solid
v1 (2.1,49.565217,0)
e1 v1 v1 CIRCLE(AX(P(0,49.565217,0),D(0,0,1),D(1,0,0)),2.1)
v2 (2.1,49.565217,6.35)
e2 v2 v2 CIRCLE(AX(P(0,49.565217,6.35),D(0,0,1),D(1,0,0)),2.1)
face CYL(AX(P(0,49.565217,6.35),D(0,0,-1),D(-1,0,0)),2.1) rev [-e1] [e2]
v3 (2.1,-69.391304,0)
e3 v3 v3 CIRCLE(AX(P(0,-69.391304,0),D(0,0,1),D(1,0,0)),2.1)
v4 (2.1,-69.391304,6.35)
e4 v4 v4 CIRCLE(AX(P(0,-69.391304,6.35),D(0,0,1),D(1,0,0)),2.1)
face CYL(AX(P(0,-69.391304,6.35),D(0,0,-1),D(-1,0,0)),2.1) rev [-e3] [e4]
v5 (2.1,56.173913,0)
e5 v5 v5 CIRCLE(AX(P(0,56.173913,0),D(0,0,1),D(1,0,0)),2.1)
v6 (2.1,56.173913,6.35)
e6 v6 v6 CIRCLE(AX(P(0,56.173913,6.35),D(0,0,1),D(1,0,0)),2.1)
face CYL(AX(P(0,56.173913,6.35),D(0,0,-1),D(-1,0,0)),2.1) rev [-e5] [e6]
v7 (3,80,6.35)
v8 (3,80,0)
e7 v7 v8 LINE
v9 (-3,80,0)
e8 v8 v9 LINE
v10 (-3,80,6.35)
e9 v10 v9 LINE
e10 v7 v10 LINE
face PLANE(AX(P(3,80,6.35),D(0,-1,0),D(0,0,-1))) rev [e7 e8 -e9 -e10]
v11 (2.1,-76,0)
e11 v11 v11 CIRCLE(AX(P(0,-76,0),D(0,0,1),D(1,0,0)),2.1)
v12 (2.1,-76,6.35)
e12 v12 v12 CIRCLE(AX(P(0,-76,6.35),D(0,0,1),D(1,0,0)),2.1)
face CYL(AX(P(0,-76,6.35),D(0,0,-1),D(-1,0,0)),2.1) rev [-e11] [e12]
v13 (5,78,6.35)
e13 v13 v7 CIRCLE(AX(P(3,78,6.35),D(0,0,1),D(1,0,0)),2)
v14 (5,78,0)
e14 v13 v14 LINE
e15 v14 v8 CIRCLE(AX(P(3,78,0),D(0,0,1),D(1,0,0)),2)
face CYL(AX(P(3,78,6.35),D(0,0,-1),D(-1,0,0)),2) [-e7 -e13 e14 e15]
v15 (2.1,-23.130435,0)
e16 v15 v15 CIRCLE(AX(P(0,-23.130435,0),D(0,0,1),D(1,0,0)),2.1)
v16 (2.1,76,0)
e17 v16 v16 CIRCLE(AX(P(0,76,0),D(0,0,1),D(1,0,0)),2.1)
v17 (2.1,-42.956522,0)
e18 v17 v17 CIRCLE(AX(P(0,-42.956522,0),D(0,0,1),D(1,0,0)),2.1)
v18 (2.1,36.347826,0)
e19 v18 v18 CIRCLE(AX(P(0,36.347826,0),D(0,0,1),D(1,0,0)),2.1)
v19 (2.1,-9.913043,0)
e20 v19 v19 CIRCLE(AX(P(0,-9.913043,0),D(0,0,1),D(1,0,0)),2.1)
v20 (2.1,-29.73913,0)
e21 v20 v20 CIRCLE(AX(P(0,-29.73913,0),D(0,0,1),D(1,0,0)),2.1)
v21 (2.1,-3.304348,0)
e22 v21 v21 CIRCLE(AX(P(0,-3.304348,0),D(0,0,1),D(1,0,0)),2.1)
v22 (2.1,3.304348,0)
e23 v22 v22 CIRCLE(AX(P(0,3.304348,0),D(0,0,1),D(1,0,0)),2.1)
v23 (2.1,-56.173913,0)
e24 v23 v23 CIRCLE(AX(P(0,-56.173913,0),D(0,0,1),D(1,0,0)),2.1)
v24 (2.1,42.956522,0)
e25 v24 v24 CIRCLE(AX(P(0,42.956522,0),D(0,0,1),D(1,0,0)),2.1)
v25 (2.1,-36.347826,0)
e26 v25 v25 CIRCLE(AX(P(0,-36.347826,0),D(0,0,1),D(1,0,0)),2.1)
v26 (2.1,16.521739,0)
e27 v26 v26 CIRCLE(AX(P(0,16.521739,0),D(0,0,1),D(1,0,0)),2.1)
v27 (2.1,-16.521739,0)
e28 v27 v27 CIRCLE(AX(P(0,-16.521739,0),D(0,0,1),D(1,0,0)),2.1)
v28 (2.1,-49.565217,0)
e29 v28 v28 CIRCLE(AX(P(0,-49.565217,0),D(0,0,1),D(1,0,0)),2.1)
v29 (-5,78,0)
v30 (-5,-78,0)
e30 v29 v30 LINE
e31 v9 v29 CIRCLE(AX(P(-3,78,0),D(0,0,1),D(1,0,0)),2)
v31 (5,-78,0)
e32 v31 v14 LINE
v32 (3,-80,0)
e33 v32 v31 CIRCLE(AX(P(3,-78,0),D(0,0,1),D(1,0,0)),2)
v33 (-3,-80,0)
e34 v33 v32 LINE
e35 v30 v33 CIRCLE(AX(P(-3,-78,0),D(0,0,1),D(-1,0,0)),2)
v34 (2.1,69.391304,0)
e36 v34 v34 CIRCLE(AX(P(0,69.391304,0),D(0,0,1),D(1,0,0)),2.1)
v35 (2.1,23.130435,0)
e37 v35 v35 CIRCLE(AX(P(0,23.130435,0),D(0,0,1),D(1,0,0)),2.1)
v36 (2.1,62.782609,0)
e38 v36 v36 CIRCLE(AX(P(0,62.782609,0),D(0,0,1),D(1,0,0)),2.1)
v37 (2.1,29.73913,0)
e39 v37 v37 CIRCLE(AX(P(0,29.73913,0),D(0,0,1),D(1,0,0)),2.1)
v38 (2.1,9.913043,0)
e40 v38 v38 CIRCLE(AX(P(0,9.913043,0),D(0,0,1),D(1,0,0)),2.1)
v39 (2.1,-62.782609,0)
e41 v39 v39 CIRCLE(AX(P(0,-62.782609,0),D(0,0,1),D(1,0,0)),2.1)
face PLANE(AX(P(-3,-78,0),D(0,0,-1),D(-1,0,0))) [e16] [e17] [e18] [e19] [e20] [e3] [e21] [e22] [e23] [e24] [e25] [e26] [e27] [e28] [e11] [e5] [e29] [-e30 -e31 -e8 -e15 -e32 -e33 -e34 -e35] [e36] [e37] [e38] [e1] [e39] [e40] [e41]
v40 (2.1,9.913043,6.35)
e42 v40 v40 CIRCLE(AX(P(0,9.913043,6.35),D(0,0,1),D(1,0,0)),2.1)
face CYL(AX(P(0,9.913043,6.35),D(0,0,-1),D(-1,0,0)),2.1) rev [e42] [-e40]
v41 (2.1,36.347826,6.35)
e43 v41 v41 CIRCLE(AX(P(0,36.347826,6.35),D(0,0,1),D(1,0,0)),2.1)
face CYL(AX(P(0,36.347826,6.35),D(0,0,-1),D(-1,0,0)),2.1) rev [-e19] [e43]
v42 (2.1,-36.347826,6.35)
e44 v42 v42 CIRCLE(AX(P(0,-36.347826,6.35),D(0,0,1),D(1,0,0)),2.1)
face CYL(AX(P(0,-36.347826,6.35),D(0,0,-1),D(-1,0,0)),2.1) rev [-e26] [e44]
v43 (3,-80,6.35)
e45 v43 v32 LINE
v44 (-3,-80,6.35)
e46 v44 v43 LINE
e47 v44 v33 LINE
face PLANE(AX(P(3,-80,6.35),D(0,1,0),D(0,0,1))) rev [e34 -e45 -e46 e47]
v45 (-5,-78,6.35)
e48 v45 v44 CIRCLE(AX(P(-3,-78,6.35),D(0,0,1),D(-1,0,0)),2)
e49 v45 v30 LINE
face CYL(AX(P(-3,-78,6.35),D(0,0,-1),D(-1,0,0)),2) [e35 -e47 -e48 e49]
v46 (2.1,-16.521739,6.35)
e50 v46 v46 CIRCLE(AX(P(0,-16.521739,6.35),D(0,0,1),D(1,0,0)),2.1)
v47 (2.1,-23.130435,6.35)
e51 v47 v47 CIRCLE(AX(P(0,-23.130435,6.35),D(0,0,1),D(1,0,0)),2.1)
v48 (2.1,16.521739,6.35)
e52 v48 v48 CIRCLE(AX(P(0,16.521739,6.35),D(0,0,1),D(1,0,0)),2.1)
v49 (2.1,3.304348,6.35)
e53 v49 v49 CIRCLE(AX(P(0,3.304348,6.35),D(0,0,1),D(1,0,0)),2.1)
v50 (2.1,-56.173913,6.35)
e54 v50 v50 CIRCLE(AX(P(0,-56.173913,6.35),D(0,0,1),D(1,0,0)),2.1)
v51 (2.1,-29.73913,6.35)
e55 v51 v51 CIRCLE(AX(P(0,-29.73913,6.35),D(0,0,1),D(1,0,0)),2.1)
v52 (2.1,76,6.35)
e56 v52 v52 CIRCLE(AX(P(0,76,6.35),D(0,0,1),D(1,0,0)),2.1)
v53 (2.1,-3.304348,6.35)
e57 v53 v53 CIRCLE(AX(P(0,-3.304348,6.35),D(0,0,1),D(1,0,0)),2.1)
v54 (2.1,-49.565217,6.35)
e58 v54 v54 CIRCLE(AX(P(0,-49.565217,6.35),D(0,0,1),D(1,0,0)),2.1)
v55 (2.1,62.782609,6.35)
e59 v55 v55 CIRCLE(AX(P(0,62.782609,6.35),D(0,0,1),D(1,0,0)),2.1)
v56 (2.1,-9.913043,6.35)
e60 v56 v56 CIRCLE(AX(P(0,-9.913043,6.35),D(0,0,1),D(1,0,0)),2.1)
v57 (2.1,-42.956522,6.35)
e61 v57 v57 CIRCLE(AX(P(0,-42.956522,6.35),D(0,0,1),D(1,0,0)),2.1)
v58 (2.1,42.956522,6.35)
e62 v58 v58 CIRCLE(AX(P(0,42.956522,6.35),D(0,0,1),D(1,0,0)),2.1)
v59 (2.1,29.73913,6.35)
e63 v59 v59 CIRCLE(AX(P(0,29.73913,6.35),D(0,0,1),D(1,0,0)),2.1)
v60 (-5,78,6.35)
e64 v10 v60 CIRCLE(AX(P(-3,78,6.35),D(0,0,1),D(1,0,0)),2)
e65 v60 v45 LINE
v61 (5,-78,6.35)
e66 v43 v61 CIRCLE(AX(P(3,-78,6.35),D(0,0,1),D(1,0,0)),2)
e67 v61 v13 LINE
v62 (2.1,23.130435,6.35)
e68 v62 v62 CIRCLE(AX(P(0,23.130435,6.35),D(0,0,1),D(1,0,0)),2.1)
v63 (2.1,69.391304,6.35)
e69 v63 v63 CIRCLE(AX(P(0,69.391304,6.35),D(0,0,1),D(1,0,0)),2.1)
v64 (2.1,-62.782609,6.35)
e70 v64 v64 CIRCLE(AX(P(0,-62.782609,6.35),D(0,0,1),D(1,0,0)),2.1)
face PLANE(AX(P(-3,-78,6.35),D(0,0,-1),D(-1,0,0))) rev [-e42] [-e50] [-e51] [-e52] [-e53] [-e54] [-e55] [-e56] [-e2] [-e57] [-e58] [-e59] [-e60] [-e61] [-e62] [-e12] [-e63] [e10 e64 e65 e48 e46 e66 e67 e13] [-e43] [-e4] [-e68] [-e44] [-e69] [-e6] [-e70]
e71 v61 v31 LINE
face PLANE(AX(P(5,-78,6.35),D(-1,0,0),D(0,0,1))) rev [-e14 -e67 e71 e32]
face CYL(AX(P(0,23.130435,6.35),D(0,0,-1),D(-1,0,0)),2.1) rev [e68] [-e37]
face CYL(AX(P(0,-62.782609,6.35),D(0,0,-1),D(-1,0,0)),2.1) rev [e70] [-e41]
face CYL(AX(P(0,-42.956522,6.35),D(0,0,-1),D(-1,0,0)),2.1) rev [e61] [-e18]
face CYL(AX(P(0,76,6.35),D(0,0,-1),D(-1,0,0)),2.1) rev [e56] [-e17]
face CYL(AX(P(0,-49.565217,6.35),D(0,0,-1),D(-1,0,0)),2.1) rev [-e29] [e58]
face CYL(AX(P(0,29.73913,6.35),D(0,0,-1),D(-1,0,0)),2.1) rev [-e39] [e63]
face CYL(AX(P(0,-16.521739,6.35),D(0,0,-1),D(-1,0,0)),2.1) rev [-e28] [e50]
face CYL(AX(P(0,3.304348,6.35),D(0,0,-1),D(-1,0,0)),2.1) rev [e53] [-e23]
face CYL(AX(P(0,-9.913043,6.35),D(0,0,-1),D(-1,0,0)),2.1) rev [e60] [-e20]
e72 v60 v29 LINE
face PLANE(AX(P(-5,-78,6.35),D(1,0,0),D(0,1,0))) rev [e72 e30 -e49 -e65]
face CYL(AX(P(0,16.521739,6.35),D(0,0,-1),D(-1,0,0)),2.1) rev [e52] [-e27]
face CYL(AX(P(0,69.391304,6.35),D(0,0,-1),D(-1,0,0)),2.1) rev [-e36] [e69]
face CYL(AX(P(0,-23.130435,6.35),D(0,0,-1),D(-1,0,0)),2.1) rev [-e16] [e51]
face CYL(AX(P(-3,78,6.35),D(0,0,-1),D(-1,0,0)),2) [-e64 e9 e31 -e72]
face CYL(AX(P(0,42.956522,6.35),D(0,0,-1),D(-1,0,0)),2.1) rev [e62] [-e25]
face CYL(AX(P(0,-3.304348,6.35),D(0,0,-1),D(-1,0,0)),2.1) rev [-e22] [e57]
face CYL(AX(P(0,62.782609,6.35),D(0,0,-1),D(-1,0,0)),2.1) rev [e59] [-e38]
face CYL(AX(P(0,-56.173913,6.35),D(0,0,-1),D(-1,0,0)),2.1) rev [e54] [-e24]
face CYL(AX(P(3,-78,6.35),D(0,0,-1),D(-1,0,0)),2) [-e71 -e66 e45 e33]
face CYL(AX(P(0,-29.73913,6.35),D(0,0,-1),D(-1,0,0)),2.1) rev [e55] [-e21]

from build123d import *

# Parameters (mm, degrees)
SKETCH1_R           = 2.1
BOSS_EXTRUDE1_DEPTH = 6.35


with BuildPart() as part:
    # Sketch1 → Boss-Extrude1 (new body)
    with BuildSketch(Plane.XY):
        with BuildLine():
            Line((3, -80), (-3, -80))
            ThreePointArc((-3, -80), (-4.414213562, -79.414213562), (-5, -78))
            Line((-5, -78), (-5, 78))
            ThreePointArc((-5, 78), (-4.414213562, 79.414213562), (-3, 80))
            Line((-3, 80), (3, 80))
            ThreePointArc((3, 80), (4.414213562, 79.414213562), (5, 78))
            Line((5, 78), (5, -78))
            ThreePointArc((5, -78), (4.414213562, -79.414213562), (3, -80))
        make_face()
        with Locations((0, 76)):
            Circle(SKETCH1_R, mode=Mode.SUBTRACT)
        with Locations((0, 69.391304348)):
            Circle(SKETCH1_R, mode=Mode.SUBTRACT)
        with Locations((0, 62.782608696)):
            Circle(SKETCH1_R, mode=Mode.SUBTRACT)
        with Locations((0, 56.173913043)):
            Circle(SKETCH1_R, mode=Mode.SUBTRACT)
        with Locations((0, 49.565217391)):
            Circle(SKETCH1_R, mode=Mode.SUBTRACT)
        with Locations((0, 42.956521739)):
            Circle(SKETCH1_R, mode=Mode.SUBTRACT)
        with Locations((0, 36.347826087)):
            Circle(SKETCH1_R, mode=Mode.SUBTRACT)
        with Locations((0, 29.739130435)):
            Circle(SKETCH1_R, mode=Mode.SUBTRACT)
        with Locations((0, 23.130434783)):
            Circle(SKETCH1_R, mode=Mode.SUBTRACT)
        with Locations((0, 16.52173913)):
            Circle(SKETCH1_R, mode=Mode.SUBTRACT)
        with Locations((0, 9.913043478)):
            Circle(SKETCH1_R, mode=Mode.SUBTRACT)
        with Locations((0, 3.304347826)):
            Circle(SKETCH1_R, mode=Mode.SUBTRACT)
        with Locations((0, -3.304347826)):
            Circle(SKETCH1_R, mode=Mode.SUBTRACT)
        with Locations((0, -9.913043478)):
            Circle(SKETCH1_R, mode=Mode.SUBTRACT)
        with Locations((0, -16.52173913)):
            Circle(SKETCH1_R, mode=Mode.SUBTRACT)
        with Locations((0, -23.130434783)):
            Circle(SKETCH1_R, mode=Mode.SUBTRACT)
        with Locations((0, -29.739130435)):
            Circle(SKETCH1_R, mode=Mode.SUBTRACT)
        with Locations((0, -36.347826087)):
            Circle(SKETCH1_R, mode=Mode.SUBTRACT)
        with Locations((0, -42.956521739)):
            Circle(SKETCH1_R, mode=Mode.SUBTRACT)
        with Locations((0, -49.565217391)):
            Circle(SKETCH1_R, mode=Mode.SUBTRACT)
        with Locations((0, -56.173913043)):
            Circle(SKETCH1_R, mode=Mode.SUBTRACT)
        with Locations((0, -62.782608696)):
            Circle(SKETCH1_R, mode=Mode.SUBTRACT)
        with Locations((0, -69.391304348)):
            Circle(SKETCH1_R, mode=Mode.SUBTRACT)
        with Locations((0, -76)):
            Circle(SKETCH1_R, mode=Mode.SUBTRACT)
    extrude(amount=BOSS_EXTRUDE1_DEPTH)


solid = part.part
